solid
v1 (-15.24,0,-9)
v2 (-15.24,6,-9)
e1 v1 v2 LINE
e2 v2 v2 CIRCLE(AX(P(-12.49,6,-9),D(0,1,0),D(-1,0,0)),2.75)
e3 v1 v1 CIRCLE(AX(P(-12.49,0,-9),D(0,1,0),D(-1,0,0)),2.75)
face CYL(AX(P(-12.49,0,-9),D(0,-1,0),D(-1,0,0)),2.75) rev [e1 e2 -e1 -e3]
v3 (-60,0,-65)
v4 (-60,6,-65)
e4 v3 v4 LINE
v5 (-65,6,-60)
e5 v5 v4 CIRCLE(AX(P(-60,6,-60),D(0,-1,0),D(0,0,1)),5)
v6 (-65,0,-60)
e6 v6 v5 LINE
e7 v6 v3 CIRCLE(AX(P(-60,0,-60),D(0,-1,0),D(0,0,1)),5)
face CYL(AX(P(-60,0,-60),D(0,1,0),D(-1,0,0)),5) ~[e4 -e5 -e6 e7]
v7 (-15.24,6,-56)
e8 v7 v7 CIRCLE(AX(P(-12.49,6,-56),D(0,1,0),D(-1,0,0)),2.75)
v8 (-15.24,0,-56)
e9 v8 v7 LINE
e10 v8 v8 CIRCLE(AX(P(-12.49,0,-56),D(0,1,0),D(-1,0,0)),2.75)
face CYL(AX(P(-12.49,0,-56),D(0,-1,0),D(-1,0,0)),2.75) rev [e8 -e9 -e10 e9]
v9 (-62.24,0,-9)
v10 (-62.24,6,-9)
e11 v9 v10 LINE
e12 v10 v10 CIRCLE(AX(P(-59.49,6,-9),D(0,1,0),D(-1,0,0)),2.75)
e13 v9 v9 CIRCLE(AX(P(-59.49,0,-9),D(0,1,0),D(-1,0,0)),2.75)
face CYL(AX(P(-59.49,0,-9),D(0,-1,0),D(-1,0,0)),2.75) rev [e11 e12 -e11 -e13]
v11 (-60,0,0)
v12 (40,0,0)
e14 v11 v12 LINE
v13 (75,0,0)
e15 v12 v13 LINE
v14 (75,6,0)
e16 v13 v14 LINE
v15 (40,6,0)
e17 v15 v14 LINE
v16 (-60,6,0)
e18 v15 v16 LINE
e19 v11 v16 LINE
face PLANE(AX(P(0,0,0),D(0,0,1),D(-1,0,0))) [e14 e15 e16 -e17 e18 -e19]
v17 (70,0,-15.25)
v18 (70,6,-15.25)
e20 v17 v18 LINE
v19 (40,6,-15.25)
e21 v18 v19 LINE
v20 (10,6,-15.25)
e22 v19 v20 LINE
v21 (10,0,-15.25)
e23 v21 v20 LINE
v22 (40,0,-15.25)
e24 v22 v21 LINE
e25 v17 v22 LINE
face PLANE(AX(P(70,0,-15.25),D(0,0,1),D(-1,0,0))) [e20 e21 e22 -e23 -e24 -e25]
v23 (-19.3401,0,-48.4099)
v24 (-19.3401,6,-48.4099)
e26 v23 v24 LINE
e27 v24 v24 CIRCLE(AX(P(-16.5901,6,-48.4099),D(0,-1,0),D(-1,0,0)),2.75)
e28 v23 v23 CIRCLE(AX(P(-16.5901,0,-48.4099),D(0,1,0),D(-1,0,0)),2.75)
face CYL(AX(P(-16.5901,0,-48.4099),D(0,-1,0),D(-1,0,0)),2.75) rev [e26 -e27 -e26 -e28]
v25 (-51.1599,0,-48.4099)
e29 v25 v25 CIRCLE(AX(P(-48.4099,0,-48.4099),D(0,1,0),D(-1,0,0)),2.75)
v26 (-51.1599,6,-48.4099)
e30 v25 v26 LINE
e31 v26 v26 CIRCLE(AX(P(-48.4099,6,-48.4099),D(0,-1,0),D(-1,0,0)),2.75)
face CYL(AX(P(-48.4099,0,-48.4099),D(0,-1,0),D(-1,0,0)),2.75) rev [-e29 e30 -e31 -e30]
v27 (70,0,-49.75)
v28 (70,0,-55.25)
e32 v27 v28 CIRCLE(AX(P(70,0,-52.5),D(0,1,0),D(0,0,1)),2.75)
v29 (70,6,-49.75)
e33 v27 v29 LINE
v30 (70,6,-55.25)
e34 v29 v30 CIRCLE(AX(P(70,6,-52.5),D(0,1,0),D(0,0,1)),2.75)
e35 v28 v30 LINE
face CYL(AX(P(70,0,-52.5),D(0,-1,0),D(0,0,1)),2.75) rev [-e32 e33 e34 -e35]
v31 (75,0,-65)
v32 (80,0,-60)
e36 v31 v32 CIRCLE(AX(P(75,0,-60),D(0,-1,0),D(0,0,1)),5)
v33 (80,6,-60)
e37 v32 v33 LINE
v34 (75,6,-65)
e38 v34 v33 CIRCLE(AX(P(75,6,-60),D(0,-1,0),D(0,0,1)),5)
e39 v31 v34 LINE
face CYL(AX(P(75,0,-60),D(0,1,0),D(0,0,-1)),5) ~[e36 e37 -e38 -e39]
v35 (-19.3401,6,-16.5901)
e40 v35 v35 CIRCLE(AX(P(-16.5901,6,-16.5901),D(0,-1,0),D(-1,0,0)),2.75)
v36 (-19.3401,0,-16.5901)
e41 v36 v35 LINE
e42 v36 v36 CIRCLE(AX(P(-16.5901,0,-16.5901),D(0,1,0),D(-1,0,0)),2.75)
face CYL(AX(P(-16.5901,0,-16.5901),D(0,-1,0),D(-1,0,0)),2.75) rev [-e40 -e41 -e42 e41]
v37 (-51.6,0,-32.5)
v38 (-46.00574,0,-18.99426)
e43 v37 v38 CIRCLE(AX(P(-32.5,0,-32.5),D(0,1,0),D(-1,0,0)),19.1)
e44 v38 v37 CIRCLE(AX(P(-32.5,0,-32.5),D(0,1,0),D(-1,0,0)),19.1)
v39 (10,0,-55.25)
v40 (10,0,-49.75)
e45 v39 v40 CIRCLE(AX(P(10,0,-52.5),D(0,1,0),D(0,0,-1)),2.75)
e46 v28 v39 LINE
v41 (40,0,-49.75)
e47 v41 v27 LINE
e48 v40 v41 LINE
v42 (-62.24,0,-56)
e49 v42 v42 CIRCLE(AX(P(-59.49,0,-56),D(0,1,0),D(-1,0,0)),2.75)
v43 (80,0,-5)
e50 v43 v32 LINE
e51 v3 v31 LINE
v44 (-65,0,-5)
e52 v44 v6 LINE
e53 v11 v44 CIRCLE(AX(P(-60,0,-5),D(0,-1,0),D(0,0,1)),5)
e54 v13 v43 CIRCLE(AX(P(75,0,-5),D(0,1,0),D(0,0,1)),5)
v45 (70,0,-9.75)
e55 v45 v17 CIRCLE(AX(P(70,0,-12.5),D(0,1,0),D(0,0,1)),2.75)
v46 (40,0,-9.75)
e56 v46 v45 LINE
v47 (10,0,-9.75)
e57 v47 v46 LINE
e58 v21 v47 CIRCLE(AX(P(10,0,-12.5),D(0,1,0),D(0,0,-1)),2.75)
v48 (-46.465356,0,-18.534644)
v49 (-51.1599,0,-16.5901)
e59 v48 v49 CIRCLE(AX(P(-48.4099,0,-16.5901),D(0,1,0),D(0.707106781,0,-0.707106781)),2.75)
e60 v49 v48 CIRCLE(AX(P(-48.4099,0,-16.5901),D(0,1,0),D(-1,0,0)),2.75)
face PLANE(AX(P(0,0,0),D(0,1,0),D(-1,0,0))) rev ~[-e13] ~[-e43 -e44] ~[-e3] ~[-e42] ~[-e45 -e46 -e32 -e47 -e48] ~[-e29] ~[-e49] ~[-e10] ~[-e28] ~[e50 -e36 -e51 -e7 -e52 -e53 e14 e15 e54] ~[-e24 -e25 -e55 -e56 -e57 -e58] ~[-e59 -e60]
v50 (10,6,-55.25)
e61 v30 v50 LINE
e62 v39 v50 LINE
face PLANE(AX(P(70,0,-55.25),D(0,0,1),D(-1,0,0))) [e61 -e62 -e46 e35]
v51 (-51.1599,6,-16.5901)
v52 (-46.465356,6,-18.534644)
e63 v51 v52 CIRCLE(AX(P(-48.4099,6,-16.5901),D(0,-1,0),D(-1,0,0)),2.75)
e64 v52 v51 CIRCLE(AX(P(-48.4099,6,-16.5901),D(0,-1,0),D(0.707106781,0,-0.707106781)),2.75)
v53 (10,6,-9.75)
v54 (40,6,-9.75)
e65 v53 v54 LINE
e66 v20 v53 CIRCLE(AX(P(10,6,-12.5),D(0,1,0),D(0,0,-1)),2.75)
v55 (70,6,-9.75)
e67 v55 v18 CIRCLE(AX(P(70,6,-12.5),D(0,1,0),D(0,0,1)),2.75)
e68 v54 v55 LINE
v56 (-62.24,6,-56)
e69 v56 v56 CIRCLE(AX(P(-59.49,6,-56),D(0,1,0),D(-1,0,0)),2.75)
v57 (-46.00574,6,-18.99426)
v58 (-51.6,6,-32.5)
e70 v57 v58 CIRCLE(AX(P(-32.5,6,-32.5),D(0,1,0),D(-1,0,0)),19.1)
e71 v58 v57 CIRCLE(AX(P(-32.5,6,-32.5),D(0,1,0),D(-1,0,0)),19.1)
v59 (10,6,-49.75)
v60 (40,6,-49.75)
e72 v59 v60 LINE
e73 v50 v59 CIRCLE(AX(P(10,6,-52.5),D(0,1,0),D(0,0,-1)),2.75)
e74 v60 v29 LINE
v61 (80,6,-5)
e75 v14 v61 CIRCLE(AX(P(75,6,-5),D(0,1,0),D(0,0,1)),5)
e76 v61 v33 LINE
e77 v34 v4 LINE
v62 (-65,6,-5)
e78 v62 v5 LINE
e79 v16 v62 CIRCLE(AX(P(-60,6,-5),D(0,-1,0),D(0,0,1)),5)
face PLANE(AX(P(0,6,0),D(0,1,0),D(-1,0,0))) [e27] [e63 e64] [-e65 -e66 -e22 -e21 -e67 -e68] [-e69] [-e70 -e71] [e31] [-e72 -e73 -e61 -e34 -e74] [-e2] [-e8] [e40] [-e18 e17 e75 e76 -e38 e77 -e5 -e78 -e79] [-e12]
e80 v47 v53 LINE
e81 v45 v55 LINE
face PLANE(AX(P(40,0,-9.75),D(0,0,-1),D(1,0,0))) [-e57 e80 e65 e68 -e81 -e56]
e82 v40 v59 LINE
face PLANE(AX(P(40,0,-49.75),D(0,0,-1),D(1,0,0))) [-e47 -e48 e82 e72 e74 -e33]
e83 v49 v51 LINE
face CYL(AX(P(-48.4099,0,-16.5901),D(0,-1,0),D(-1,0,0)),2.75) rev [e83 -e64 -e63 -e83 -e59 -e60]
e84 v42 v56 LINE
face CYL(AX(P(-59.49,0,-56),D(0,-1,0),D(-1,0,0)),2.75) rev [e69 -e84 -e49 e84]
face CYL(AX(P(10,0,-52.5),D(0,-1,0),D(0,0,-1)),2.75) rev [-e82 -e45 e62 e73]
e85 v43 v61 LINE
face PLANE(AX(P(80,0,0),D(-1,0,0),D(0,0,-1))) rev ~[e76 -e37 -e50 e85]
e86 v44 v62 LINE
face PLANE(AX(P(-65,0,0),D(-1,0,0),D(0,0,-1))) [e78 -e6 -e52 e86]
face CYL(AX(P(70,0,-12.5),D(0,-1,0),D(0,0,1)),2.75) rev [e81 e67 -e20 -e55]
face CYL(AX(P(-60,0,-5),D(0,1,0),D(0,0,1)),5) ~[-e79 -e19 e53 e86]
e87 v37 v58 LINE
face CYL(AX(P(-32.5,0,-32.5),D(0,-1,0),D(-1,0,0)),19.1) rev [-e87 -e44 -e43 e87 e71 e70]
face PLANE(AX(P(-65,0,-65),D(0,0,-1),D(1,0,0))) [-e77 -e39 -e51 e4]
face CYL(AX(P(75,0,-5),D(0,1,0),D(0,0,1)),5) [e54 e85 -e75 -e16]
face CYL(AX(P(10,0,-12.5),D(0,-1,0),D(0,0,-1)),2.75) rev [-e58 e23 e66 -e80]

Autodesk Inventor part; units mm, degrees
ref_plane "YZ Plane" through (0, 0, 0) normal (1, 0, 0) x (0, 1, 0)
ref_plane "XZ Plane" through (0, 0, 0) normal (0, 1, 0) x (-1, 0, 0)
ref_plane "XY Plane" through (0, 0, 0) normal (0, 0, 1) x (1, 0, 0)
sketch "Sketch1" plane through (0, 0, 0) normal (0, 1, 0) x (-1, 0, 0)
  line L0 (0, 0) -> (65, 0)
  line L1 (65, 0) -> (65, -65)
  line L2 (65, -65) -> (0, -65)
  line L3 (0, -65) -> (0, 0)
  line L4 (0, 0) -> (-80, 0)
  line L5 (-80, 0) -> (-80, -65)
  line L6 (-80, -65) -> (0, -65)
  line L7 (0, -65) -> (0, 0)
  circle A0 centre (59.49, -9) radius 2.75
  circle A1 centre (59.49, -56) radius 2.75
  circle A2 centre (12.49, -9) radius 2.75
  circle A3 centre (12.49, -56) radius 2.75
  line L8 (-40, 0) -> (-40, -12.5)
  line L9 (-40, -12.5) -> (-40, -52.5)
  line L10 (-70, -12.5) -> (-10, -12.5) construction
  line L11 (-70, -15.25) -> (-10, -15.25)
  line L12 (-10, -9.75) -> (-70, -9.75)
  arc A4 (-70, -9.75) -> (-70, -15.25) centre (-70, -12.5) ccw
  arc A5 (-10, -15.25) -> (-10, -9.75) centre (-10, -12.5) ccw
  line L13 (-70, -52.5) -> (-10, -52.5) construction
  line L14 (-70, -55.25) -> (-10, -55.25)
  line L15 (-10, -49.75) -> (-70, -49.75)
  arc A6 (-70, -49.75) -> (-70, -55.25) centre (-70, -52.5) ccw
  arc A7 (-10, -55.25) -> (-10, -49.75) centre (-10, -52.5) ccw
  line L16 (-40, -52.5) -> (20, -52.5) construction
  circle A8 centre (32.5, -32.5) radius 22.5
  line L17 (32.5, -32.5) -> (48.4099, -16.5901)
  line L18 (32.5, -32.5) -> (55, -32.5) construction
  circle A9 centre (48.4099, -16.5901) radius 2.75
  circle A10 centre (16.5901, -16.5901) radius 2.75
  circle A11 centre (16.5901, -48.4099) radius 2.75
  circle A12 centre (48.4099, -48.4099) radius 2.75
  circle A13 centre (32.5, -32.5) radius 19.1
  dimension "d31" = 45
  dimension "d0" = 65
  dimension "d1" = 65
  dimension "d2" = 80
  dimension "d3" = 65
  dimension "d4" = 5.5
  dimension "d5" = 5.51
  dimension "d6" = 9
  dimension "d9" = 47
  dimension "d12" = 47
  dimension "d15" = 12.5
  dimension "d16" = 40
  dimension "d17" = 30
  dimension "d18" = 5.5
  dimension "d19" = 30
  dimension "d20" = 0
  dimension "d21" = 5.5
  dimension "d32" = 32.5
  dimension "d33" = 32.5
  dimension "d34" = 45
  dimension "d35" = 5.5
  dimension "d38" = 360
  dimension "d40" = 38.2
extrude "Extrusion3" add sketch "Sketch1" along normal blind 6 contours L0 L1 L2 L3 | L3 L6 L5 L4 | A8 A12 A11 A10 A9
fillet "Fillet3" radius 5 4 edges at (-65, 3, 0) (-65, 3, -65) (80, 3, -65) (80, 3, 0)
properties part number "NEMA23_FaceMount"
